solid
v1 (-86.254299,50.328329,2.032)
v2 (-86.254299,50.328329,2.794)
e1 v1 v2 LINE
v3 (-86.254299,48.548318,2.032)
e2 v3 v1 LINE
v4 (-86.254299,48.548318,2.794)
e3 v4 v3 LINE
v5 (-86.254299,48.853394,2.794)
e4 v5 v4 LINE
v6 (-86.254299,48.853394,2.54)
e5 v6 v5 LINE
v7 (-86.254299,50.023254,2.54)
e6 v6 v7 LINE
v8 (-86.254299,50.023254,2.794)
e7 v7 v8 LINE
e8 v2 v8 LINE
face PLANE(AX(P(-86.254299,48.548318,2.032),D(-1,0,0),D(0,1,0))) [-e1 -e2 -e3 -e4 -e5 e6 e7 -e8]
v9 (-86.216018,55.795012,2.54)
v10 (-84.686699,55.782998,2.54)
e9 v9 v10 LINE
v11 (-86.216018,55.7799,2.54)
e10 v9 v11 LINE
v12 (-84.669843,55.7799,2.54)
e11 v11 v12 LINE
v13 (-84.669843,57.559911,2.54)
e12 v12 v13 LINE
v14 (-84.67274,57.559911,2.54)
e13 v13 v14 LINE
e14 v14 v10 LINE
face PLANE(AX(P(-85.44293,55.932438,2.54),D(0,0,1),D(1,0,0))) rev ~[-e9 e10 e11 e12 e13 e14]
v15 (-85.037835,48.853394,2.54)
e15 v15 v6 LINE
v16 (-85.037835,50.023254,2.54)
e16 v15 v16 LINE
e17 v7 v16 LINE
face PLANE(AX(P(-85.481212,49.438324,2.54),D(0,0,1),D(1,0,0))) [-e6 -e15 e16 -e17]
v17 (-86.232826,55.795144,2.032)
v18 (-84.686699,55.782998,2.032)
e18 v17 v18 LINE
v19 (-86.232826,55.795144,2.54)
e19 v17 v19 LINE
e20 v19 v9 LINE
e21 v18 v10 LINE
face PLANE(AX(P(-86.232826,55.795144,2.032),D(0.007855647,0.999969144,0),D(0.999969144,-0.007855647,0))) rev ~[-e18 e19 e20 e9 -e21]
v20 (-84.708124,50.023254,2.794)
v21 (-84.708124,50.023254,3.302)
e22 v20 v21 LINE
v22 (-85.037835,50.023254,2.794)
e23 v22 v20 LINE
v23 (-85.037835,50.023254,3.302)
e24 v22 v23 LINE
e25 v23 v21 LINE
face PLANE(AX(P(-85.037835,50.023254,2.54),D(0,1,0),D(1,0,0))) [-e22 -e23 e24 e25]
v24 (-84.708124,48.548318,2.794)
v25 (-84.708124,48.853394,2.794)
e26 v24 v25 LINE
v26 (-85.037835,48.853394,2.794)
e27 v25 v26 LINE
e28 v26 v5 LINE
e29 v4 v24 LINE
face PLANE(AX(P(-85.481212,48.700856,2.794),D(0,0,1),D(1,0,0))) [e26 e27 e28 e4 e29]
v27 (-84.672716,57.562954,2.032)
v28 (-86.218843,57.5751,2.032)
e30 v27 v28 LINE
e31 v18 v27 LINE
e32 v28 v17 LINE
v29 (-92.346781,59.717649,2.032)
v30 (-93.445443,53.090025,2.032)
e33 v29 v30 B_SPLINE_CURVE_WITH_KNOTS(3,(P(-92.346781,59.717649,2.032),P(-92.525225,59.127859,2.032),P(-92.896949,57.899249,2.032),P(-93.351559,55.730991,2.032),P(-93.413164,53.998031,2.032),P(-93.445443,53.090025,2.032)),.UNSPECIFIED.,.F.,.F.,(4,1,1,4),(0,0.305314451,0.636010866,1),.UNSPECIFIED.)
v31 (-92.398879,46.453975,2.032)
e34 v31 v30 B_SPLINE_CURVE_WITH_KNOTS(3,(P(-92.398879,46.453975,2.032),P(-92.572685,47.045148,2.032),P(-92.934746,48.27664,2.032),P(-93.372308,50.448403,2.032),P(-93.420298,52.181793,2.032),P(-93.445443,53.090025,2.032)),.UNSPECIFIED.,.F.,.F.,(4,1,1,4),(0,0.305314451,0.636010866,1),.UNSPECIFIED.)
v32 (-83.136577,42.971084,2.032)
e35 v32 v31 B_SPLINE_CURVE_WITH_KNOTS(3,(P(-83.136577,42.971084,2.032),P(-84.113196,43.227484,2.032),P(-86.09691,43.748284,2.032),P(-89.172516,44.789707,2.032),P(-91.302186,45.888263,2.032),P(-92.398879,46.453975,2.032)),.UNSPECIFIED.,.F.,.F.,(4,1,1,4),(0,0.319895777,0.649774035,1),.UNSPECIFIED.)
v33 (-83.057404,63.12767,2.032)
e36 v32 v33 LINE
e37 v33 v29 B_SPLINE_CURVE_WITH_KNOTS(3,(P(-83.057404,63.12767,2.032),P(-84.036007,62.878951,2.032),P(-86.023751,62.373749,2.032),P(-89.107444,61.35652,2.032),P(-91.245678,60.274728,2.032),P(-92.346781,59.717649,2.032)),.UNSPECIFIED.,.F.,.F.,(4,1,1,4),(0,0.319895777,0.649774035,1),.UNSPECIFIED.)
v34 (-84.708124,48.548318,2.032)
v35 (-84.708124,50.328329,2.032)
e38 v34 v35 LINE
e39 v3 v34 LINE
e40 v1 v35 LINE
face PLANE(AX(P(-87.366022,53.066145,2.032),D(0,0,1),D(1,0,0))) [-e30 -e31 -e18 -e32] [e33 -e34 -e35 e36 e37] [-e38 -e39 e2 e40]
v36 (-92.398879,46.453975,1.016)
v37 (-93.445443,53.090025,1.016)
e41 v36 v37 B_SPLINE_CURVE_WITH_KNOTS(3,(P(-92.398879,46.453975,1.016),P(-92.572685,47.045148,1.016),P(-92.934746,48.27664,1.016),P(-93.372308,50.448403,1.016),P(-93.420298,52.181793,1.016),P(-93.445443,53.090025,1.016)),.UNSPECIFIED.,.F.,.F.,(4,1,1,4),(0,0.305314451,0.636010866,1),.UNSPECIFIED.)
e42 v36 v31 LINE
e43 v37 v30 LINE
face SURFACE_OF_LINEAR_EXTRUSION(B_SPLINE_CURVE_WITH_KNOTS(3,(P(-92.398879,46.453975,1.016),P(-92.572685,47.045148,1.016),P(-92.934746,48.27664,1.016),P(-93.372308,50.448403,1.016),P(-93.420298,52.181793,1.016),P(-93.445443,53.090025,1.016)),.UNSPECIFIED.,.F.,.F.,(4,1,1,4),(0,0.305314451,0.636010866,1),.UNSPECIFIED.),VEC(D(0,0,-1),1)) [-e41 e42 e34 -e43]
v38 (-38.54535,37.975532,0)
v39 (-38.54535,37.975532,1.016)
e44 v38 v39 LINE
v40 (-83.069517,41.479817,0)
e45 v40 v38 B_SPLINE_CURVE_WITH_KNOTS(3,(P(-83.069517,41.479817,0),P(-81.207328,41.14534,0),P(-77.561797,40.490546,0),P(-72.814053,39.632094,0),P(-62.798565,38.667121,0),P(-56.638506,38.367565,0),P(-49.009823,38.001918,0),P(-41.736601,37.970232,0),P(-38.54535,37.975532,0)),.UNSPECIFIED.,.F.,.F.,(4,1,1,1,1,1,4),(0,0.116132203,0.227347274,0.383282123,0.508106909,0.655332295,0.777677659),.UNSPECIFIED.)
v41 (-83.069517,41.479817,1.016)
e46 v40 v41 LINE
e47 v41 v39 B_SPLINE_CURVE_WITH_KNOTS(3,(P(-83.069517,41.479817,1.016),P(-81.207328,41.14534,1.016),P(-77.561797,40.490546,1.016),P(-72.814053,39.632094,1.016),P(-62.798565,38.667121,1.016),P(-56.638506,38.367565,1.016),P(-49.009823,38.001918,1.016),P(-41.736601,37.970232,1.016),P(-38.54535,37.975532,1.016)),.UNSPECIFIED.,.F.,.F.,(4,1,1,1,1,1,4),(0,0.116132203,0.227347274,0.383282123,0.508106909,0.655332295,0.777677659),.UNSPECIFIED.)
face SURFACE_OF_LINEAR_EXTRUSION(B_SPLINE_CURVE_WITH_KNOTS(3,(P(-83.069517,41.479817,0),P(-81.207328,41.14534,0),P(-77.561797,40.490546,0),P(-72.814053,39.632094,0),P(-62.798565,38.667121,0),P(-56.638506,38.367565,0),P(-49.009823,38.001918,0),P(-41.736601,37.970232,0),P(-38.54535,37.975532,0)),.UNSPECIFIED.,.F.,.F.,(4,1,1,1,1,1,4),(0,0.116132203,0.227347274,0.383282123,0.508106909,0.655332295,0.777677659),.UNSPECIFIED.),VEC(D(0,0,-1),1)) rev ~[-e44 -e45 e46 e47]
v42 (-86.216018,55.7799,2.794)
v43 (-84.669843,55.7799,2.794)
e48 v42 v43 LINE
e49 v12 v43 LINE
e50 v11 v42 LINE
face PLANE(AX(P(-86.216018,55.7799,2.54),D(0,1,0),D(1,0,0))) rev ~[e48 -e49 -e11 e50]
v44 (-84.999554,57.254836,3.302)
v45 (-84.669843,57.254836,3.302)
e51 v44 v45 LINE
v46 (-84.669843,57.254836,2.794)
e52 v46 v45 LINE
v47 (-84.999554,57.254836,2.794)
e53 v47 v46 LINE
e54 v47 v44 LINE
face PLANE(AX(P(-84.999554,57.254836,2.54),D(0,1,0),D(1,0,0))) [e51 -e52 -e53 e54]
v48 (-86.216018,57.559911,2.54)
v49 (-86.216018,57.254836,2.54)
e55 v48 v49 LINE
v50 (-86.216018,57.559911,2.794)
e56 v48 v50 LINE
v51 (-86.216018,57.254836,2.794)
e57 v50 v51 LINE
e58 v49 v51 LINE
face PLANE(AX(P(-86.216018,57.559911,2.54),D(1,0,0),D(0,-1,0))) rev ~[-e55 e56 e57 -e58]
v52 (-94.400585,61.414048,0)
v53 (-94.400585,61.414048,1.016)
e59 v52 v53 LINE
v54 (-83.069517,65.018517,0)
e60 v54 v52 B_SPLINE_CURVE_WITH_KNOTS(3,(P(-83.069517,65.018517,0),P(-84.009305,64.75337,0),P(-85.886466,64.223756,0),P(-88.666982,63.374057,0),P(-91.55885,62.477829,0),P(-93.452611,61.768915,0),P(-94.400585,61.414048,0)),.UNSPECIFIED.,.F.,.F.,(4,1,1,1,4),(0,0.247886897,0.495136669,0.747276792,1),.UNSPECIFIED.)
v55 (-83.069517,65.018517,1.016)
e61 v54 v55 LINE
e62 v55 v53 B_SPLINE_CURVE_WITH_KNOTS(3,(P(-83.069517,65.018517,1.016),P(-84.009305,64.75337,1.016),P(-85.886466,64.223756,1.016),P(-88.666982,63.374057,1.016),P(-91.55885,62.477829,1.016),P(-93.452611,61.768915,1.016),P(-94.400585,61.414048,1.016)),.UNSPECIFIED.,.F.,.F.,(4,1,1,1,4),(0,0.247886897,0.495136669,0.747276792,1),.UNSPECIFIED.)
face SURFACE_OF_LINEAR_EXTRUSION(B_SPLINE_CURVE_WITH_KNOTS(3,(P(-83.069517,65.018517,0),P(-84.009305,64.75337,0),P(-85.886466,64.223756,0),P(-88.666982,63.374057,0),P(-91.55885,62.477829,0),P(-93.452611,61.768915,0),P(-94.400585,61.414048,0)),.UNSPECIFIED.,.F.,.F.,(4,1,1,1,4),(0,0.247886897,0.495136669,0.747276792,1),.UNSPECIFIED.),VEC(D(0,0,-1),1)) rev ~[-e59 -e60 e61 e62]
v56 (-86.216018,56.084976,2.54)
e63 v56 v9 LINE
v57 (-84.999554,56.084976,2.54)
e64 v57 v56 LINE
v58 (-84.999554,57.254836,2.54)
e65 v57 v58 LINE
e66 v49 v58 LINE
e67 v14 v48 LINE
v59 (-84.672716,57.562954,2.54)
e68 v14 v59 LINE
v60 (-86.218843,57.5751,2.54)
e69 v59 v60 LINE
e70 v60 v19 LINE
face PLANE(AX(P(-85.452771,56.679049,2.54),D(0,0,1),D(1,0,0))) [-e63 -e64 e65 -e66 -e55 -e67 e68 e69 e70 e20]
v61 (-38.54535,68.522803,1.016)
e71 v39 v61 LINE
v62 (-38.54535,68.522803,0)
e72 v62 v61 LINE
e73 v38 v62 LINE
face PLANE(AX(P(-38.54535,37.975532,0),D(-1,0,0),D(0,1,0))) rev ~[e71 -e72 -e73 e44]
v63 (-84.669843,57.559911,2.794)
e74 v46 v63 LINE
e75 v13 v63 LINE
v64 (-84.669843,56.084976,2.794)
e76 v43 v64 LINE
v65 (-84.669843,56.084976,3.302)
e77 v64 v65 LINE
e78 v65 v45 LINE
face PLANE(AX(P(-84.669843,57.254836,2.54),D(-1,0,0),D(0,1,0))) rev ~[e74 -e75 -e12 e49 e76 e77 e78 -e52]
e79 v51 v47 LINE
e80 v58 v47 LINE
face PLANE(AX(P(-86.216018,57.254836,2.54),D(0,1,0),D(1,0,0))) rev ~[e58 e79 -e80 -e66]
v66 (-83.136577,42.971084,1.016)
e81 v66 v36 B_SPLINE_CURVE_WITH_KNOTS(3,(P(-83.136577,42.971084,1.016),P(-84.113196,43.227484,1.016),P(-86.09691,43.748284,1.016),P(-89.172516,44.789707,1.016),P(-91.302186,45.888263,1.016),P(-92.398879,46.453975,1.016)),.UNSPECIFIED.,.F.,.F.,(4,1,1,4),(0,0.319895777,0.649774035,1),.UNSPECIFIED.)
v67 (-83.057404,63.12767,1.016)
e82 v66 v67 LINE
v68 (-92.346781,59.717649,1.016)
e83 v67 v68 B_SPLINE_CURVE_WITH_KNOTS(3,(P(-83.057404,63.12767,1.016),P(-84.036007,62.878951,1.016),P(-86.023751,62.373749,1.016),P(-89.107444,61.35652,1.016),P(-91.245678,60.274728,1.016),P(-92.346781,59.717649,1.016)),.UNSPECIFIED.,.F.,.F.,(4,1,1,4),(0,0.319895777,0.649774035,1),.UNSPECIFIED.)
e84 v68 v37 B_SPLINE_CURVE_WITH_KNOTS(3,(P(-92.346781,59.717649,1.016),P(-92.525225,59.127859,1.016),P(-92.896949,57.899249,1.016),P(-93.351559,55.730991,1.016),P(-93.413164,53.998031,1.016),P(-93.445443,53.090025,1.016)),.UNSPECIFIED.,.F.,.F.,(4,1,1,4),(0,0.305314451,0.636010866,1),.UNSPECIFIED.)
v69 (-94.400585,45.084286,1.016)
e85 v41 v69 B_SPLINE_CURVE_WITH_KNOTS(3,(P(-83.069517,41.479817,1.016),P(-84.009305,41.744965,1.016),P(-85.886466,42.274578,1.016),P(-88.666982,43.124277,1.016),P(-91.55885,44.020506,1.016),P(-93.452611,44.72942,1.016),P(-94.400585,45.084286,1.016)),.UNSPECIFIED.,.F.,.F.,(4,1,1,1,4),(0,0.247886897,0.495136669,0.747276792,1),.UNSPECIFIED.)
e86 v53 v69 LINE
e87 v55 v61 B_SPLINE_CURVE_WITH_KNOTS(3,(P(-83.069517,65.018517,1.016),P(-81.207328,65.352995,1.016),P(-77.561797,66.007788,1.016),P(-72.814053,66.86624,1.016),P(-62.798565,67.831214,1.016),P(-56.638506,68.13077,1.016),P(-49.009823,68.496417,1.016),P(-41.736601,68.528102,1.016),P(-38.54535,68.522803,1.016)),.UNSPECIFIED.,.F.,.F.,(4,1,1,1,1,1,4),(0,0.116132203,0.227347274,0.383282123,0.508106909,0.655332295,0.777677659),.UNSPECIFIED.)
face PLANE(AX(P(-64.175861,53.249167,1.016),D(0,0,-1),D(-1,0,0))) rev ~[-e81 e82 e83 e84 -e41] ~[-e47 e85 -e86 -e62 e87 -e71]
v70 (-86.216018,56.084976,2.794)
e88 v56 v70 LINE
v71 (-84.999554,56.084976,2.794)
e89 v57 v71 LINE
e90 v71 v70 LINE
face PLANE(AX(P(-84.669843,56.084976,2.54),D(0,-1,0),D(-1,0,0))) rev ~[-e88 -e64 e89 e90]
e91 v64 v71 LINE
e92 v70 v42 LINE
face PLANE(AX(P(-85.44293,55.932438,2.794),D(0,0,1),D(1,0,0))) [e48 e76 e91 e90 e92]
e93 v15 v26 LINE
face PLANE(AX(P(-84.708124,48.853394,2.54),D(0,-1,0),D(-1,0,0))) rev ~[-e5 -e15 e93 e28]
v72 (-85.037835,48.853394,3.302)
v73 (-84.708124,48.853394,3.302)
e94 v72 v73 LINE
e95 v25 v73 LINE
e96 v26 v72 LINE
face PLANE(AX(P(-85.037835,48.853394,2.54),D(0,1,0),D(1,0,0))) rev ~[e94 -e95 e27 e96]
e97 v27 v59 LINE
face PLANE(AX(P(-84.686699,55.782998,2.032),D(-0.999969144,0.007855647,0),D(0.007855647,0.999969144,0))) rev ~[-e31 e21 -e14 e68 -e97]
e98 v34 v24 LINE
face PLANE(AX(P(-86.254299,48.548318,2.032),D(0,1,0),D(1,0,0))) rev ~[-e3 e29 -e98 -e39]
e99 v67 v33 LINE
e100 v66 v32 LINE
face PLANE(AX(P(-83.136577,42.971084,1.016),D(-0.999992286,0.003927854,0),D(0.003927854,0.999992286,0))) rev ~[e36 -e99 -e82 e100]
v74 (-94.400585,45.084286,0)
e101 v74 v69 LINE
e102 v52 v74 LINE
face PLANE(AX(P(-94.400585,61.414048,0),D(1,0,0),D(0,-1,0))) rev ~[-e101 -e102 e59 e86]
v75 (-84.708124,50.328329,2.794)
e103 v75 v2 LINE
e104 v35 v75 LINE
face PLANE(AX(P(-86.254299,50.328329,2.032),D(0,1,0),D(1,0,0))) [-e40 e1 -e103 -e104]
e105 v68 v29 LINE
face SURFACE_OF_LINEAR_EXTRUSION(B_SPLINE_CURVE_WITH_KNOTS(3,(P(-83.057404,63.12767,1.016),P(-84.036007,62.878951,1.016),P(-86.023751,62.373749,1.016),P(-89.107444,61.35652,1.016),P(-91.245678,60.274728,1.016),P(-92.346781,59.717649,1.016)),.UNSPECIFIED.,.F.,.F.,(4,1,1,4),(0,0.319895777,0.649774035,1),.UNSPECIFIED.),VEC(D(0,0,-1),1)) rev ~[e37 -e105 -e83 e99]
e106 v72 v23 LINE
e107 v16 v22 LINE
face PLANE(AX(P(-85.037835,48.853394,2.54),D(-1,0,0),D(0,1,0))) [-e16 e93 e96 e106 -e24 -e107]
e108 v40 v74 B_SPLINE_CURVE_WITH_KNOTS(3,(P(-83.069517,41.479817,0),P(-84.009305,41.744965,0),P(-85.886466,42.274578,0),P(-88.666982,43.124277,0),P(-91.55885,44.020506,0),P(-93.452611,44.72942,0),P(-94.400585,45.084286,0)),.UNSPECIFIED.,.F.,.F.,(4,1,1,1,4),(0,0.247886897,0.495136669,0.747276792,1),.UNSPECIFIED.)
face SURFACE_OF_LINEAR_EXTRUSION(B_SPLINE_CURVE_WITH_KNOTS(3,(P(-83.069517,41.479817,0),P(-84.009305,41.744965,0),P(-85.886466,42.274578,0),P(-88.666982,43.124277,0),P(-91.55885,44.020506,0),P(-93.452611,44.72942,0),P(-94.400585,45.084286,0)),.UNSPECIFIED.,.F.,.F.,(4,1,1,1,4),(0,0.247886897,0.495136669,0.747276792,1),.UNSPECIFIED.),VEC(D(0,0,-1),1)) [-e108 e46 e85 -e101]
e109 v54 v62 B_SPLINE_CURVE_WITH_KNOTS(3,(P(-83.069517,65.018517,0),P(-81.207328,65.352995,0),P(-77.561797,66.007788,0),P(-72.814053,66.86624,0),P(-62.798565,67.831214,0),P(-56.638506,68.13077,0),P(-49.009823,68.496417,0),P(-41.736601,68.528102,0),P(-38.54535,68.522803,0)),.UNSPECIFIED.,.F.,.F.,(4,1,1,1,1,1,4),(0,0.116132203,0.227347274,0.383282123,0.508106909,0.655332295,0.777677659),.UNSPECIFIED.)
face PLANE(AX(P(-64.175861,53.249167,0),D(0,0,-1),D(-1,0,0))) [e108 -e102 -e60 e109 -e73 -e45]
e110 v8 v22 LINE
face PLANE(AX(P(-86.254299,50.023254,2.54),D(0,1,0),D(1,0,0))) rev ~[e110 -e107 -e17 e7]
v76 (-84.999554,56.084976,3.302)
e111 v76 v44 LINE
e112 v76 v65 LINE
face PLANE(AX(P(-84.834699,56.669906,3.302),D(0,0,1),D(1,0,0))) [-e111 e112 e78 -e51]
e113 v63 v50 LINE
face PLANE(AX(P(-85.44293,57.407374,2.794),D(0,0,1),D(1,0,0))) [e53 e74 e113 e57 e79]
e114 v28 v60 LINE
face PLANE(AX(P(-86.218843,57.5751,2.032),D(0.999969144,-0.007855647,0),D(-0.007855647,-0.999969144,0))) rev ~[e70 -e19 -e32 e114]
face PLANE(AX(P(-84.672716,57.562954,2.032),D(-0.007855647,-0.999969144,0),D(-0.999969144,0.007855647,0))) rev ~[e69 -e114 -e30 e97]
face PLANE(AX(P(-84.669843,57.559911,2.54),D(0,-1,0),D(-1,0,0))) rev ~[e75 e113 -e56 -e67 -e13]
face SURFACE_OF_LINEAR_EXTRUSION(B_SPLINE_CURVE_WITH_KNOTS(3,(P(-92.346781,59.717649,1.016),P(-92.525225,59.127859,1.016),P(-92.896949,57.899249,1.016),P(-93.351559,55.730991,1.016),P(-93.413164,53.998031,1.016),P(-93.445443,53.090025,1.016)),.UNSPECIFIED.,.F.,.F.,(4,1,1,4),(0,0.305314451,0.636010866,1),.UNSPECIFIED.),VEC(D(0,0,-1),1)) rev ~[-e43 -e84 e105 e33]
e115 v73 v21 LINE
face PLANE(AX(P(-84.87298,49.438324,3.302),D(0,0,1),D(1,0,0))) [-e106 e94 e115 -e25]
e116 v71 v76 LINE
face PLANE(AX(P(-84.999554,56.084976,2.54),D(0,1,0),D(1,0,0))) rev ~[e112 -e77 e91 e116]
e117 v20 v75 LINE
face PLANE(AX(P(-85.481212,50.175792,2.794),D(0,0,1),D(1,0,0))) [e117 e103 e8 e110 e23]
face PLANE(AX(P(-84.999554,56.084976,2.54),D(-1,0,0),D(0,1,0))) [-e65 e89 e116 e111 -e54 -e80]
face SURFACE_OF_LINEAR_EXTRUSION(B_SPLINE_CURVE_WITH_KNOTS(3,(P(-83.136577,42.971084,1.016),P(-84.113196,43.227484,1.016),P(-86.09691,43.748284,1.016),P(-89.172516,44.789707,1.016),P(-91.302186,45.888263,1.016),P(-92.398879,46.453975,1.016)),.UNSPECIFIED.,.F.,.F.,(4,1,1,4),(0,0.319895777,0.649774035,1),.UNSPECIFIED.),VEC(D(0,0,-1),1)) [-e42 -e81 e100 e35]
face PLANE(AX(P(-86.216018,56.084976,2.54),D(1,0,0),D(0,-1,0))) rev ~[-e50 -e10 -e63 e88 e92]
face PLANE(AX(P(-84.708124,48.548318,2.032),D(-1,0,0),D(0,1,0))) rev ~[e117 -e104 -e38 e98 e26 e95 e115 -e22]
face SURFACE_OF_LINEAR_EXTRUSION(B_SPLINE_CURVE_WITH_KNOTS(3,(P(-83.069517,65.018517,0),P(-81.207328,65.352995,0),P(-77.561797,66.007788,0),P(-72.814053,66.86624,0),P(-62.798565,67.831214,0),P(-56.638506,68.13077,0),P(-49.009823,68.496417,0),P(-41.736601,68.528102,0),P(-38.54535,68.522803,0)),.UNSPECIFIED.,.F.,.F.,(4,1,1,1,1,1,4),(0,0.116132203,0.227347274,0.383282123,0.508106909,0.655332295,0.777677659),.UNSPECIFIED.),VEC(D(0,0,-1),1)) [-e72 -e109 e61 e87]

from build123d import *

# Parameters (mm, degrees)
F1_DEPTH = 1.016
F3_DEPTH = 1.016
F4_W     = 1.5461742878
F4_H     = 1.7800107598
F5_DEPTH = 0.508
F6_W     = 0.3297105432
F6_H     = 1.169860363
F7_DEPTH = 0.762
F8_DEPTH = 0.254


with BuildPart() as f1:
    # F0 (on Top) → F1 (new body)
    with BuildSketch(Plane.XY):
        with BuildLine():
            add(Edge.make_bspline(
                [(-83.0695168812, 65.0185172639), (-81.2073282212, 65.3529949208), (-77.5617974949, 66.0077881765), (-72.8140528821, 66.8662404849), (-62.7985653809, 67.8312138759), (-56.6385059142, 68.1307697908), (-49.0098225635, 68.4964166124), (-41.736601245, 68.5281022888), (-38.5453496012, 68.5228027941)],
                knots=[0, 0, 0, 0, 0.1161322033, 0.2273472739, 0.3832821232, 0.5081069087, 0.6553322951, 0.7776776585, 0.7776776585, 0.7776776585, 0.7776776585], degree=3))
            add(Edge.make_bspline(
                [(-83.0695168812, 65.0185172639), (-84.009305045, 64.7533696868), (-85.8864659081, 64.2237560209), (-88.6669817794, 63.3740574177), (-91.5588504625, 62.4778286964), (-93.4526108955, 61.7689145327), (-94.4005846977, 61.4140480757)],
                knots=[0, 0, 0, 0, 0.2478868969, 0.4951366694, 0.7472767924, 1, 1, 1, 1], degree=3))
            Line((-94.4005846977, 61.4140480757), (-94.4005846977, 45.0842863971))
            add(Edge.make_bspline(
                [(-83.0695168812, 41.4798172089), (-84.009305045, 41.7449647859), (-85.8864659081, 42.2745784519), (-88.6669817794, 43.1242770551), (-91.5588504625, 44.0205057763), (-93.4526108955, 44.7294199401), (-94.4005846977, 45.0842863971)],
                knots=[0, 0, 0, 0, 0.2478868969, 0.4951366694, 0.7472767924, 1, 1, 1, 1], degree=3))
            add(Edge.make_bspline(
                [(-83.0695168812, 41.4798172089), (-81.2073282212, 41.1453395519), (-77.5617974949, 40.4905462962), (-72.8140528821, 39.6320939878), (-62.7985653809, 38.6671205968), (-56.6385059142, 38.367564682), (-49.0098225635, 38.0019178604), (-41.736601245, 37.970232184), (-38.5453496012, 37.9755316787)],
                knots=[0, 0, 0, 0, 0.1161322033, 0.2273472739, 0.3832821232, 0.5081069087, 0.6553322951, 0.7776776585, 0.7776776585, 0.7776776585, 0.7776776585], degree=3))
            Line((-38.5453496012, 37.9755316787), (-38.5453496012, 68.5228027941))
        make_face()
    extrude(amount=F1_DEPTH)

    # F2 (on face) → F3 (join)
    with BuildSketch(Plane.XY.offset(1.016)):
        with BuildLine():
            Line((-83.1365770774, 42.9710840408), (-83.0574043404, 63.1276703968))
            add(Edge.make_bspline(
                [(-83.0574043404, 63.1276703968), (-84.0360073876, 62.8789505229), (-86.0237511963, 62.3737493681), (-89.1074437373, 61.3565198736), (-91.2456775332, 60.2747276068), (-92.3467808204, 59.7176486647)],
                knots=[0, 0, 0, 0, 0.319895777, 0.6497740345, 1, 1, 1, 1], degree=3))
            add(Edge.make_bspline(
                [(-92.3467808204, 59.7176486647), (-92.5252253831, 59.1278593609), (-92.8969492909, 57.8992493015), (-93.3515589868, 55.7309907883), (-93.413163937, 53.9980307219), (-93.4454426169, 53.0900247395)],
                knots=[0, 0, 0, 0, 0.3053144509, 0.6360108656, 1, 1, 1, 1], degree=3))
            add(Edge.make_bspline(
                [(-92.3988789961, 46.4539746173), (-92.572684876, 47.0451475201), (-92.9347457867, 48.2766398013), (-93.3723083812, 50.4484026639), (-93.4202979076, 52.1817932047), (-93.4454426169, 53.0900247395)],
                knots=[0, 0, 0, 0, 0.3053144509, 0.6360108656, 1, 1, 1, 1], degree=3))
            add(Edge.make_bspline(
                [(-83.1365770774, 42.9710840408), (-84.1131960732, 43.2274838005), (-86.0969098659, 43.7482843808), (-89.1725162602, 44.7897068882), (-91.3021859002, 45.8882629855), (-92.3988789961, 46.4539746173)],
                knots=[0, 0, 0, 0, 0.319895777, 0.6497740345, 1, 1, 1, 1], degree=3))
        make_face()
    extrude(amount=F3_DEPTH)

    # F4 (on face) → F5 (join)
    with BuildSketch(Plane.XY.offset(2.032)):
        with Locations((-85.4812115431, 49.4383238256)):
            Rectangle(F4_W, F4_H)
        Polygon((-86.2188425351, 57.5750998045), (-86.2328256717, 55.7951439688), (-84.6866990927, 55.7829977691), (-84.6727159562, 57.5629536048), align=None)
    extrude(amount=F5_DEPTH)

    # F6 (on face) → F7 (join)
    with BuildSketch(Plane.XY.offset(2.54)):
        with Locations((-84.8346985877, 56.6699057817)):
            Rectangle(F6_W, F6_H)
        with Locations((-84.8729796708, 49.4383238256)):
            Rectangle(F6_W, F6_H)
    extrude(amount=F7_DEPTH)

    # F6 (on face) → F8 (join)
    with BuildSketch(Plane.XY.offset(2.54)):
        Polygon((-86.2160176039, 57.2548359632), (-84.9995538592, 57.2548359632), (-84.6698433161, 57.2548359632), (-84.6698433161, 57.5599111617), (-86.2160176039, 57.5599111617), align=None)
        Polygon((-84.9995538592, 56.0849756002), (-86.2160176039, 56.0849756002), (-86.2160176039, 55.7799004018), (-84.6698433161, 55.7799004018), (-84.6698433161, 56.0849756002), align=None)
        Polygon((-86.254298687, 50.3283292055), (-86.254298687, 50.0232540071), (-85.0378349423, 50.0232540071), (-84.7081243992, 50.0232540071), (-84.7081243992, 50.3283292055), align=None)
        Polygon((-85.0378349423, 48.8533936441), (-86.254298687, 48.8533936441), (-86.254298687, 48.5483184457), (-84.7081243992, 48.5483184457), (-84.7081243992, 48.8533936441), align=None)
    extrude(amount=F8_DEPTH)


solid = f1.part
